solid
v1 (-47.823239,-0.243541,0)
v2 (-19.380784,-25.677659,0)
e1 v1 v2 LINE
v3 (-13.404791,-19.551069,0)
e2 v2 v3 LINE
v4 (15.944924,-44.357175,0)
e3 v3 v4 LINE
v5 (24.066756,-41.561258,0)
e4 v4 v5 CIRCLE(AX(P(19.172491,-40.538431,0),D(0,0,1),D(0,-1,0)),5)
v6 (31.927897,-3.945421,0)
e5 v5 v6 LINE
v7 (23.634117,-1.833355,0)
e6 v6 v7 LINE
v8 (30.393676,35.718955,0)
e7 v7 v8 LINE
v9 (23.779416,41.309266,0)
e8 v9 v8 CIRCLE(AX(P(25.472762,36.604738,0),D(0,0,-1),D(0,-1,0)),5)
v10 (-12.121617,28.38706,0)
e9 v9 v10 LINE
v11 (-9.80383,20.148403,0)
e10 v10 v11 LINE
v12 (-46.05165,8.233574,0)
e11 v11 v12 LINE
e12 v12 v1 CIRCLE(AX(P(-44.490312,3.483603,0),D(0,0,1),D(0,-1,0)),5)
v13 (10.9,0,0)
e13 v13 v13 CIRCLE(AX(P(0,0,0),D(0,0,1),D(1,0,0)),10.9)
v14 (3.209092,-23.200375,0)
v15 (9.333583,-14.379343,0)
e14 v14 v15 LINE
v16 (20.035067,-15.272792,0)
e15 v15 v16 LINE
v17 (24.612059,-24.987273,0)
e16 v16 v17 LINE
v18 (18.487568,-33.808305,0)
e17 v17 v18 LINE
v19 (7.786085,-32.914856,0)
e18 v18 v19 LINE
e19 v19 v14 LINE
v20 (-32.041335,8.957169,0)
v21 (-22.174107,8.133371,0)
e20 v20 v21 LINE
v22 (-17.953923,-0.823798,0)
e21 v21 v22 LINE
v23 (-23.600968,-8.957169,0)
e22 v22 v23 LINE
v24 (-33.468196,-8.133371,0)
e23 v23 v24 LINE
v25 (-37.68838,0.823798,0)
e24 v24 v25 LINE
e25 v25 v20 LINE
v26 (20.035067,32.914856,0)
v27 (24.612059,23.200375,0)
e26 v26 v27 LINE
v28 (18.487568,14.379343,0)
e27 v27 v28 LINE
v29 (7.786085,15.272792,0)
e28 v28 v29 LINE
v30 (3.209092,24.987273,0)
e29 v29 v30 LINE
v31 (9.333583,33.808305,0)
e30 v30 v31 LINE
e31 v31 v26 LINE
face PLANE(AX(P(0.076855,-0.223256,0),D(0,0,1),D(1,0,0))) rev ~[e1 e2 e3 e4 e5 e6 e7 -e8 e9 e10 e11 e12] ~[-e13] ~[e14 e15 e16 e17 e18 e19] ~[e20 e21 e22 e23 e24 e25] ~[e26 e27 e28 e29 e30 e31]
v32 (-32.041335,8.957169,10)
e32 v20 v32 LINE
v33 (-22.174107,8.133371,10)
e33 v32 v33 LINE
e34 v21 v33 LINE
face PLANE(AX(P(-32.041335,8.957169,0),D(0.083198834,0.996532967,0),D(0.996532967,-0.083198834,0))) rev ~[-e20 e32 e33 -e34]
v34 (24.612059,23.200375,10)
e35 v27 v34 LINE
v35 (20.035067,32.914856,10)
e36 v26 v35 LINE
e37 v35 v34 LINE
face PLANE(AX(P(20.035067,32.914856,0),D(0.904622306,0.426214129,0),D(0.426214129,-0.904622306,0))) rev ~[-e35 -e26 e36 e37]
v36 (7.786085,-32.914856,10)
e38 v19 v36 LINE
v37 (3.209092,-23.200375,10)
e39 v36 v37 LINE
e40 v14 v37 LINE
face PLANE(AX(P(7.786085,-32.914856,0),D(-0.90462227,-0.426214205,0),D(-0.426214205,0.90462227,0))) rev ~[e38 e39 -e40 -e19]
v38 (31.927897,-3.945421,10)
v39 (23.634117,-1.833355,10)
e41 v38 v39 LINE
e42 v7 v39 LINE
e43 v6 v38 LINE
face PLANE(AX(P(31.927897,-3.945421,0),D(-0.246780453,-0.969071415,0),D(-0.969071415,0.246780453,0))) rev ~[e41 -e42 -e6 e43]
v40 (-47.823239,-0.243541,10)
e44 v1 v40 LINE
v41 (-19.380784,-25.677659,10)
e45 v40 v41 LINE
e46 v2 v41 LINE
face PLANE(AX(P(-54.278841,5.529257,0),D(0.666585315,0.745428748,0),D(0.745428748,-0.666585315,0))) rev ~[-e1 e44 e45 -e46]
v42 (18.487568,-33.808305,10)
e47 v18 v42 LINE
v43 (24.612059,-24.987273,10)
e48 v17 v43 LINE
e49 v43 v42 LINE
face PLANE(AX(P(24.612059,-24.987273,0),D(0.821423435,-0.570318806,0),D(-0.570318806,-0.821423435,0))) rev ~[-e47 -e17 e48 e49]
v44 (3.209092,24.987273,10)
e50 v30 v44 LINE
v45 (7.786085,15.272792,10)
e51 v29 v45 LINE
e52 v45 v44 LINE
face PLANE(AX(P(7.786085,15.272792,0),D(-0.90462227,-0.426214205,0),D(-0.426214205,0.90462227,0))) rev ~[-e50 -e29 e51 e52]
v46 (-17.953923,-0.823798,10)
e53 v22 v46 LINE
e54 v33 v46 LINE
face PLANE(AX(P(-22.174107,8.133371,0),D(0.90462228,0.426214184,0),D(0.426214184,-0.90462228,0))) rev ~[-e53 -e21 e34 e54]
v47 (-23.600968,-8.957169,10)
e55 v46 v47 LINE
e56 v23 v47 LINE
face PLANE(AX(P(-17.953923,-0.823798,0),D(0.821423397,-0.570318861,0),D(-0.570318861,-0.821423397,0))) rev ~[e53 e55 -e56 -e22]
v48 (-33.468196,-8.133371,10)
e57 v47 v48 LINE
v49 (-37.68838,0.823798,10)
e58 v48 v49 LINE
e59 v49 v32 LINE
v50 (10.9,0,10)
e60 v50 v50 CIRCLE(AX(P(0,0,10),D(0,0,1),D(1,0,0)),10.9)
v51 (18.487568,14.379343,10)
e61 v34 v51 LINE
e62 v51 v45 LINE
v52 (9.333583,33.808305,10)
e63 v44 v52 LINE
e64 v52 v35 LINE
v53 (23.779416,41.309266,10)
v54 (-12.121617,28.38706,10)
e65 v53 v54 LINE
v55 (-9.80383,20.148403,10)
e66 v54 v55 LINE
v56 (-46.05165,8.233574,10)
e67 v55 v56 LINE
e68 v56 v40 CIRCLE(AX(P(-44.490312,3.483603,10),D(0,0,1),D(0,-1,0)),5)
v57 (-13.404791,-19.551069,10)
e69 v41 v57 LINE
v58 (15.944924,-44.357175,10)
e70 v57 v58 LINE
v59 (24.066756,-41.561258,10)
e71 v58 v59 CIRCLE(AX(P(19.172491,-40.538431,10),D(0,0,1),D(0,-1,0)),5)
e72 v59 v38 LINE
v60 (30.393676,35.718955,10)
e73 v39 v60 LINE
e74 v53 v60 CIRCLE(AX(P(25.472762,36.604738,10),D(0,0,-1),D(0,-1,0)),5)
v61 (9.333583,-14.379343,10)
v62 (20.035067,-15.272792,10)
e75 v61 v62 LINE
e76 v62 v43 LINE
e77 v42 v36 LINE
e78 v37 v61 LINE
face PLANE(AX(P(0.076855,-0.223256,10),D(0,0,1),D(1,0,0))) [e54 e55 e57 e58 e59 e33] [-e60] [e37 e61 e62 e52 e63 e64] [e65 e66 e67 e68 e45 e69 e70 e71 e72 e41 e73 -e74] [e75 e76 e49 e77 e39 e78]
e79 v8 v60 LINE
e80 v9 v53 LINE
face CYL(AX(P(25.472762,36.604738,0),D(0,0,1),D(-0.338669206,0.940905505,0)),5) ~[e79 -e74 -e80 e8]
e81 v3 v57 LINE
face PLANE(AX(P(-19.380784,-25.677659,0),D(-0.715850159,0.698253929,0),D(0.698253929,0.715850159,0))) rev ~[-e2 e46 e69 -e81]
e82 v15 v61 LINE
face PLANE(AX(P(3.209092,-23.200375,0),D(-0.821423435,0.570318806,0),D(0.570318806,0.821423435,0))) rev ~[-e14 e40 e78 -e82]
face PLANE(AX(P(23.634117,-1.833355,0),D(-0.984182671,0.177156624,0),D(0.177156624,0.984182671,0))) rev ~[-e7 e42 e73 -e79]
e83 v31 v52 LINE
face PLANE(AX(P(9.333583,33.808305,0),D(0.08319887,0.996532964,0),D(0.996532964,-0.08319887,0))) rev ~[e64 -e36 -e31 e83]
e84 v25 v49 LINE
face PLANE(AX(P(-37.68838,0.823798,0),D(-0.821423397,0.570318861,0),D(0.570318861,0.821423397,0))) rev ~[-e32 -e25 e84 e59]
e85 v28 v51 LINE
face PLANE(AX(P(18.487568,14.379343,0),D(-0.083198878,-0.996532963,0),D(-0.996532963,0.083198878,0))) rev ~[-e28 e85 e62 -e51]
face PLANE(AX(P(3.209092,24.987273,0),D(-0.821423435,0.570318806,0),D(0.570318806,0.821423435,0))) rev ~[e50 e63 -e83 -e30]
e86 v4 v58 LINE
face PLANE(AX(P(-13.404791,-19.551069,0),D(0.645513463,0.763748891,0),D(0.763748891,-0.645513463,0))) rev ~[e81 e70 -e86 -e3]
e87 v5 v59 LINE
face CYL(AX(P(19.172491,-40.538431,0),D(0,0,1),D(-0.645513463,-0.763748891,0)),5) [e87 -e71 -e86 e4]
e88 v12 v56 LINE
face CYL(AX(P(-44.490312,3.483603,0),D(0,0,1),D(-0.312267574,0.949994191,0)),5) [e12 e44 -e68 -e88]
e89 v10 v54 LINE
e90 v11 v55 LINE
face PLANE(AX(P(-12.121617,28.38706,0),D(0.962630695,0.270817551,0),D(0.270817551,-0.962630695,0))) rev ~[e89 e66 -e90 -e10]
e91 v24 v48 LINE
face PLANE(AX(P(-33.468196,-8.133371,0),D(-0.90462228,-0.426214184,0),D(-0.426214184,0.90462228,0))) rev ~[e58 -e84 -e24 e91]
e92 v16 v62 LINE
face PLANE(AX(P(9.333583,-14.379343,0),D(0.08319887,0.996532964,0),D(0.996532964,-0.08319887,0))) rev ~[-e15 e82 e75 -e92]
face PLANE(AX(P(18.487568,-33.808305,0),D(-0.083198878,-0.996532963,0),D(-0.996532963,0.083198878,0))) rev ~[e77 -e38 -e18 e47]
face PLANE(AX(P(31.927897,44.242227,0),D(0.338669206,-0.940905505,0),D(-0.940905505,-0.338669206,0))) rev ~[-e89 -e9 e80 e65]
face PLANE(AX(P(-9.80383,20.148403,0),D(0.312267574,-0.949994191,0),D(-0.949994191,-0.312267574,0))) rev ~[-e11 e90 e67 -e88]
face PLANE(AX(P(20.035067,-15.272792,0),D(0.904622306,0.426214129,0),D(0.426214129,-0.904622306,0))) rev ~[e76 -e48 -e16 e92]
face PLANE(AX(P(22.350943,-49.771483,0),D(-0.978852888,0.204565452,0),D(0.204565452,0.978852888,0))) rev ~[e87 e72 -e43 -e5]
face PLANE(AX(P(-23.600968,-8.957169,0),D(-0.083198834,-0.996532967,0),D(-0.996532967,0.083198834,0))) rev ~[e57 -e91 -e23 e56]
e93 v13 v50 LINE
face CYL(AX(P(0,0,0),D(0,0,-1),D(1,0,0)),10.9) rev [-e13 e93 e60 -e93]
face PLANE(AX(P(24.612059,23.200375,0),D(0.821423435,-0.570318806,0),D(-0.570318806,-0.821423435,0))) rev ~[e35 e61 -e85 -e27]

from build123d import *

# Parameters (mm, degrees)
F0_R     = 10.9
F1_DEPTH = 10
F2_R     = 5


with BuildPart() as f1:
    # F0 (on Top) → F1 (new body)
    with BuildSketch(Plane.XY):
        Polygon((-9.80383, 20.148403), (-54.278841, 5.529257), (-19.380784, -25.677659), (-13.404791, -19.551069), (22.350943, -49.771483), (31.927897, -3.945421), (23.634117, -1.833355), (31.927897, 44.242227), (-12.121617, 28.38706), align=None)
        Polygon((24.612059, -24.987273), (18.487568, -33.808305), (7.786085, -32.914856), (3.209092, -23.200375), (9.333583, -14.379343), (20.035067, -15.272792), align=None, mode=Mode.SUBTRACT)
        Polygon((-33.468196, -8.133371), (-37.68838, 0.823798), (-32.041335, 8.957169), (-22.174107, 8.133371), (-17.953923, -0.823798), (-23.600968, -8.957169), align=None, mode=Mode.SUBTRACT)
        Circle(F0_R, mode=Mode.SUBTRACT)
        Polygon((9.333583, 33.808305), (20.035067, 32.914856), (24.612059, 23.200375), (18.487568, 14.379343), (7.786085, 15.272792), (3.209092, 24.987273), align=None, mode=Mode.SUBTRACT)
    extrude(amount=F1_DEPTH)

    # F2
    f2_edges = [f1.edges().sort_by_distance(p)[0] for p in [
        (22.350943, -49.771483, 5),
        (31.927897, 44.242227, 5),
        (-54.278841, 5.529257, 5),
    ]]
    fillet(f2_edges, radius=F2_R)


solid = f1.part
